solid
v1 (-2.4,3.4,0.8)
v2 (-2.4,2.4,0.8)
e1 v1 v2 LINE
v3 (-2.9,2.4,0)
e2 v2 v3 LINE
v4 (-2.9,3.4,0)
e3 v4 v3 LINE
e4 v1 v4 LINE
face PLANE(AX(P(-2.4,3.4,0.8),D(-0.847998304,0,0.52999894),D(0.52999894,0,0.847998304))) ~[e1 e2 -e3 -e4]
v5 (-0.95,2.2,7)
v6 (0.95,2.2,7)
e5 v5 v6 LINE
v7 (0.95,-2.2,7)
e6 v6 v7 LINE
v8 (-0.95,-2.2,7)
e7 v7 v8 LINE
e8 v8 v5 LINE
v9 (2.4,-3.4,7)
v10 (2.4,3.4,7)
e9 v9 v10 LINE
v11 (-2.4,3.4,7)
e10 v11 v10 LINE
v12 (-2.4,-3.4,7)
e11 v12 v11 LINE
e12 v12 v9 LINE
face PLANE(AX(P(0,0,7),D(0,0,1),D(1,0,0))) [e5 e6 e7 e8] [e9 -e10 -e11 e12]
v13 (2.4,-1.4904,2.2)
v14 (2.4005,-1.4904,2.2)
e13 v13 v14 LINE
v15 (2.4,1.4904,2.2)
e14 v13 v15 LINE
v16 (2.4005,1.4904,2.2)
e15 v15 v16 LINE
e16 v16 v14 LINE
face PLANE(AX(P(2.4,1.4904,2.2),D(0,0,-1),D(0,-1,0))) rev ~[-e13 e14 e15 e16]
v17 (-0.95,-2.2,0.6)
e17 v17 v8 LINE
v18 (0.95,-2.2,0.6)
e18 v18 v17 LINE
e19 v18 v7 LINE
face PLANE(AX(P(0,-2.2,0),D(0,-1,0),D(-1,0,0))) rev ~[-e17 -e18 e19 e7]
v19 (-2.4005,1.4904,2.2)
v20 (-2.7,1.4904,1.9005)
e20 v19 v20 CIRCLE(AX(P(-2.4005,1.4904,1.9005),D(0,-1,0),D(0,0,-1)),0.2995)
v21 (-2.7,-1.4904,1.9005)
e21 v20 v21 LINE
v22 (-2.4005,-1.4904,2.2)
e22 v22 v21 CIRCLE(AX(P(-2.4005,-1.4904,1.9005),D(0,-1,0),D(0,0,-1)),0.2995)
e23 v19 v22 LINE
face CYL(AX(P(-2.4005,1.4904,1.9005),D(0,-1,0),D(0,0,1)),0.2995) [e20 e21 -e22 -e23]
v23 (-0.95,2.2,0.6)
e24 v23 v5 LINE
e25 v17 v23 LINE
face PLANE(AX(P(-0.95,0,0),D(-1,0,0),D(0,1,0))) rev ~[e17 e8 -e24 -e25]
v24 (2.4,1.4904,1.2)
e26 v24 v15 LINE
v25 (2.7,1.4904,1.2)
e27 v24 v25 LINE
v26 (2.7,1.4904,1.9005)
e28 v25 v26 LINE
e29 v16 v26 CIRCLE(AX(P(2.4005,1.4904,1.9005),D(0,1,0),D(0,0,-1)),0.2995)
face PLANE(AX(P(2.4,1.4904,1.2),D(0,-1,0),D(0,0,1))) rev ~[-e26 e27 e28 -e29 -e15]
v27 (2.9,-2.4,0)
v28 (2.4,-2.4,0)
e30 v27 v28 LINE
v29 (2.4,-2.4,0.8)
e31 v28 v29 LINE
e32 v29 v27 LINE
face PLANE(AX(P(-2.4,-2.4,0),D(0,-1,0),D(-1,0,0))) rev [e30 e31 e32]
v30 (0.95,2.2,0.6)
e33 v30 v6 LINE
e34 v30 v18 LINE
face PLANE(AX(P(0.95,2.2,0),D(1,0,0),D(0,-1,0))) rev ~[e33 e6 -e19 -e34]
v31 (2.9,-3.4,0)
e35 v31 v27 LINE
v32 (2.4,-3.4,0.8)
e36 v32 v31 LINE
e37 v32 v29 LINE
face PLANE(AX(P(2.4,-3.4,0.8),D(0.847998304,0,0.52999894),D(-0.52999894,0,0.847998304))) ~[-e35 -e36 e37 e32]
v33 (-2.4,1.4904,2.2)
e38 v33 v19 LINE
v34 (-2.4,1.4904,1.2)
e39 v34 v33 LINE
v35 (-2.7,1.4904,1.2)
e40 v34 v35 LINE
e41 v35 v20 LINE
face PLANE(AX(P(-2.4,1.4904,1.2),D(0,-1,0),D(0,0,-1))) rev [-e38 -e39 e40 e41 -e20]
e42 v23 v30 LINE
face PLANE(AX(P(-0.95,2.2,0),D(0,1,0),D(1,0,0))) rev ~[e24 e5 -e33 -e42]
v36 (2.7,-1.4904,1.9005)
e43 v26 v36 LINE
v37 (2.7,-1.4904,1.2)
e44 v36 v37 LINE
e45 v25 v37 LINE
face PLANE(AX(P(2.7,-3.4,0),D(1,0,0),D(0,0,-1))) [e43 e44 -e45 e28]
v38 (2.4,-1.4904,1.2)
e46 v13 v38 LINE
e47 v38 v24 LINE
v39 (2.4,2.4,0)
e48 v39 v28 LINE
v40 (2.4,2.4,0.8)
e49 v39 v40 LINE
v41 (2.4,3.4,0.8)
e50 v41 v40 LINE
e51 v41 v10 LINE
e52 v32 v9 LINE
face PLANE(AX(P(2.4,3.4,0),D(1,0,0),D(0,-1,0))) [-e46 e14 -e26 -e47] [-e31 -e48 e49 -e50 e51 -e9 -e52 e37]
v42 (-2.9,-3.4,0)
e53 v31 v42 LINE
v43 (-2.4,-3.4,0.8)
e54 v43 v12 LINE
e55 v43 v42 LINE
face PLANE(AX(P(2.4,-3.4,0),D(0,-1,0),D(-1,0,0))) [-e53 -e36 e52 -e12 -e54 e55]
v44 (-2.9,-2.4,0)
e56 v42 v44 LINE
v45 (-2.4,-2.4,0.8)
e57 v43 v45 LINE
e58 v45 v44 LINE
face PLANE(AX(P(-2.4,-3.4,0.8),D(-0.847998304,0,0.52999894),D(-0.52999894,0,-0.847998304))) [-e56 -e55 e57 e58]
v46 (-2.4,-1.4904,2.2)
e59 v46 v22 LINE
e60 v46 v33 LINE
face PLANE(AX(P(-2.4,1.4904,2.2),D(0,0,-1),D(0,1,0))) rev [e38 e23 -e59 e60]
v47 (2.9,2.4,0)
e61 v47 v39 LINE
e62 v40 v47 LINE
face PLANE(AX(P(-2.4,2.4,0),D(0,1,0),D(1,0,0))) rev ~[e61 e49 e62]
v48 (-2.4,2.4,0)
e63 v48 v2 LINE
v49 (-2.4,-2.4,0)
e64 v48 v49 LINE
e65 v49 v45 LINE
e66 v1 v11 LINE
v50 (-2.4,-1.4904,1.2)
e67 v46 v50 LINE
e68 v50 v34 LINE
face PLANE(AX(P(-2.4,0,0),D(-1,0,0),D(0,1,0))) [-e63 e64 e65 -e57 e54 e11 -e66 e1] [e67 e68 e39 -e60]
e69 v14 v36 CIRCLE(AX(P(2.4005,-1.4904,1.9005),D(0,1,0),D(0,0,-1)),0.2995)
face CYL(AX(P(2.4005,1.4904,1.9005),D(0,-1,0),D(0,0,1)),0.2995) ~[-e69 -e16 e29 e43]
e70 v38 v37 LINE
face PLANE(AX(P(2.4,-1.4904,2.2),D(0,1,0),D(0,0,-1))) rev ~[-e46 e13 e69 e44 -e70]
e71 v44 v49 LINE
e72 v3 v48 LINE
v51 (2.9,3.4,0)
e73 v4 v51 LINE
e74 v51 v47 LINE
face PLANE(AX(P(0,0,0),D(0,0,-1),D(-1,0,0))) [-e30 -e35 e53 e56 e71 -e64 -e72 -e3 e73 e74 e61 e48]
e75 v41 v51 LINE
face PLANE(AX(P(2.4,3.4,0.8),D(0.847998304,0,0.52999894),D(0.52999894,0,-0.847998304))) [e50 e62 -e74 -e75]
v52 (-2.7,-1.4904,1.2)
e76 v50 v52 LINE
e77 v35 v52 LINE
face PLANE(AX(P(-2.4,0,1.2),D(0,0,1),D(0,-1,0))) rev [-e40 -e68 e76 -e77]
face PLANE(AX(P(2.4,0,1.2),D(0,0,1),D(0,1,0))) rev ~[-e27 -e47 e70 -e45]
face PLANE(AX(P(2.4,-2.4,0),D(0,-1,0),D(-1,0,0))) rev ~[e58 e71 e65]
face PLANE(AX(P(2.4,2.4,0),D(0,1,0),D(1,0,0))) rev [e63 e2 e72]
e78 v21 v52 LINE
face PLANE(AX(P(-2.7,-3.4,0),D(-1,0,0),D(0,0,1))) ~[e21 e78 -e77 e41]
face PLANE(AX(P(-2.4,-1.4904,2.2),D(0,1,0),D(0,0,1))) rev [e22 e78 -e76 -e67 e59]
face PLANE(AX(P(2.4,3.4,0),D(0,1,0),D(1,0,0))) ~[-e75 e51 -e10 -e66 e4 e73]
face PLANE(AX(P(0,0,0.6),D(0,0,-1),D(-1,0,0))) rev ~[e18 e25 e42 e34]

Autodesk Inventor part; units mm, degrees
ref_plane "YZ Plane" through (0, 0, 0) normal (1, 0, 0) x (0, 1, 0)
ref_plane "XZ Plane" through (0, 0, 0) normal (0, 1, 0) x (-1, 0, 0)
ref_plane "XY Plane" through (0, 0, 0) normal (0, 0, 1) x (1, 0, 0)
sketch "Boceto1" plane through (0, 0, 0) normal (0, 0, 1) x (1, 0, 0)
  line L0 (-2.4, 3.4) -> (2.4, 3.4)
  line L1 (2.4, 3.4) -> (2.4, -3.4)
  line L2 (2.4, -3.4) -> (-2.4, -3.4)
  line L3 (-2.4, -3.4) -> (-2.4, 3.4)
  line L4 (-0.95, 2.2) -> (0.95, 2.2)
  line L5 (0.95, 2.2) -> (0.95, -2.2)
  line L6 (0.95, -2.2) -> (-0.95, -2.2)
  line L7 (-0.95, -2.2) -> (-0.95, 2.2)
  line L8 (0, -4.76) -> (0, 4.76) projected
  line L9 (-3.36, 0) -> (3.36, 0) projected
  dimension "d0" = 4.8
  dimension "d1" = 6.8
  dimension "d4" = 1.9
  dimension "d5" = 4.4
extrude "Extrusión1" add sketch "Boceto1" along normal blind 7 contours L0 L8 L4 L7 L9 L3 | L0 L1 L9 L5 L4 L8 | L9 L7 L6 L8 L2 L3 | L1 L2 L8 L6 L5 L9
sketch "Boceto2" plane through (2.4, -3.4, 0) normal (1, 0, 0) x (0, 0, -1)
  line L0 (-1.2, 4.8904) -> (-2.2, 4.8904)
  line L1 (-2.2, 4.8904) -> (-2.2, 1.9096)
  line L2 (-2.2, 1.9096) -> (-1.2, 1.9096)
  line L3 (-1.2, 1.9096) -> (-1.2, 4.8904)
  line L4 (1.4, 3.4) -> (-8.4, 3.4) projected
  line L5 (0, 0) -> (0, 6.8) projected
  point P0 (0, 3.4)
  dimension "d8" = 1.2
  dimension "d9" = 1
extrude "Extrusión2" add sketch "Boceto2" along normal blind 0.3
sketch "Boceto3" plane through (-2.4, 3.4, 0) normal (0, 1, 0) x (1, 0, 0)
  line L0 (4.8, 0) -> (0, 0) projected
  line L1 (4.8, 0) -> (4.8, -0.8)
  line L2 (4.8, 0) -> (4.8, -7) projected
  line L3 (4.8, -0.8) -> (5.3, 0)
  line L4 (5.3, 0) -> (4.8, 0)
  point P0 (2.4, 0)
  dimension "d12" = 0.8
  dimension "d19" = 0.5
extrude "Extrusión3" add sketch "Boceto3" against normal blind 1
fillet "Empalme1" radius 0.3 1 edges at (2.7, 0, 2.2)
mirror "Simetría1" about plane through (0, 0, 0) normal (1, 0, 0) of "Extrusión2", "Empalme1"
mirror "Simetría2" about plane through (0, 0, 0) normal (1, 0, 0) of "Extrusión3"
mirror "Simetría3" about plane through (0, 0, 0) normal (0, 1, 0) of "Extrusión3", "Simetría2"
sketch "Boceto4" plane through (0, 0, 0) normal (0, 0, -1) x (-1, 0, 0)
  line L0 (-2.9, 3.4) -> (2.9, 3.4) projected
  line L1 (-2.9, 3.4) -> (-2.9, 2.4) projected
  line L2 (-2.4, 2.4) -> (-2.9, 2.4) projected
  line L3 (-2.4, -2.4) -> (-2.4, 2.4) projected
  line L4 (-2.4, -2.4) -> (-2.9, -2.4) projected
  line L5 (-2.9, -3.4) -> (-2.9, -2.4) projected
  line L6 (2.9, -3.4) -> (-2.9, -3.4) projected
  line L7 (2.9, -3.4) -> (2.9, -2.4) projected
  line L8 (2.4, -2.4) -> (2.9, -2.4) projected
  line L9 (2.4, 2.4) -> (2.4, -2.4) projected
  line L10 (2.4, 2.4) -> (2.9, 2.4) projected
  line L11 (2.9, 3.4) -> (2.9, 2.4) projected
  line L12 (0.95, 2.2) -> (-0.95, 2.2) projected
  line L13 (0.95, -2.2) -> (0.95, 2.2) projected
  line L14 (-0.95, -2.2) -> (0.95, -2.2) projected
  line L15 (-0.95, 2.2) -> (-0.95, -2.2) projected
  point P0 (0, 0)
extrude "Extrusión4" add sketch "Boceto4" against normal blind 0.6 contours L13 L14 L15 L12
properties part number "Porta Hall Sensor"
